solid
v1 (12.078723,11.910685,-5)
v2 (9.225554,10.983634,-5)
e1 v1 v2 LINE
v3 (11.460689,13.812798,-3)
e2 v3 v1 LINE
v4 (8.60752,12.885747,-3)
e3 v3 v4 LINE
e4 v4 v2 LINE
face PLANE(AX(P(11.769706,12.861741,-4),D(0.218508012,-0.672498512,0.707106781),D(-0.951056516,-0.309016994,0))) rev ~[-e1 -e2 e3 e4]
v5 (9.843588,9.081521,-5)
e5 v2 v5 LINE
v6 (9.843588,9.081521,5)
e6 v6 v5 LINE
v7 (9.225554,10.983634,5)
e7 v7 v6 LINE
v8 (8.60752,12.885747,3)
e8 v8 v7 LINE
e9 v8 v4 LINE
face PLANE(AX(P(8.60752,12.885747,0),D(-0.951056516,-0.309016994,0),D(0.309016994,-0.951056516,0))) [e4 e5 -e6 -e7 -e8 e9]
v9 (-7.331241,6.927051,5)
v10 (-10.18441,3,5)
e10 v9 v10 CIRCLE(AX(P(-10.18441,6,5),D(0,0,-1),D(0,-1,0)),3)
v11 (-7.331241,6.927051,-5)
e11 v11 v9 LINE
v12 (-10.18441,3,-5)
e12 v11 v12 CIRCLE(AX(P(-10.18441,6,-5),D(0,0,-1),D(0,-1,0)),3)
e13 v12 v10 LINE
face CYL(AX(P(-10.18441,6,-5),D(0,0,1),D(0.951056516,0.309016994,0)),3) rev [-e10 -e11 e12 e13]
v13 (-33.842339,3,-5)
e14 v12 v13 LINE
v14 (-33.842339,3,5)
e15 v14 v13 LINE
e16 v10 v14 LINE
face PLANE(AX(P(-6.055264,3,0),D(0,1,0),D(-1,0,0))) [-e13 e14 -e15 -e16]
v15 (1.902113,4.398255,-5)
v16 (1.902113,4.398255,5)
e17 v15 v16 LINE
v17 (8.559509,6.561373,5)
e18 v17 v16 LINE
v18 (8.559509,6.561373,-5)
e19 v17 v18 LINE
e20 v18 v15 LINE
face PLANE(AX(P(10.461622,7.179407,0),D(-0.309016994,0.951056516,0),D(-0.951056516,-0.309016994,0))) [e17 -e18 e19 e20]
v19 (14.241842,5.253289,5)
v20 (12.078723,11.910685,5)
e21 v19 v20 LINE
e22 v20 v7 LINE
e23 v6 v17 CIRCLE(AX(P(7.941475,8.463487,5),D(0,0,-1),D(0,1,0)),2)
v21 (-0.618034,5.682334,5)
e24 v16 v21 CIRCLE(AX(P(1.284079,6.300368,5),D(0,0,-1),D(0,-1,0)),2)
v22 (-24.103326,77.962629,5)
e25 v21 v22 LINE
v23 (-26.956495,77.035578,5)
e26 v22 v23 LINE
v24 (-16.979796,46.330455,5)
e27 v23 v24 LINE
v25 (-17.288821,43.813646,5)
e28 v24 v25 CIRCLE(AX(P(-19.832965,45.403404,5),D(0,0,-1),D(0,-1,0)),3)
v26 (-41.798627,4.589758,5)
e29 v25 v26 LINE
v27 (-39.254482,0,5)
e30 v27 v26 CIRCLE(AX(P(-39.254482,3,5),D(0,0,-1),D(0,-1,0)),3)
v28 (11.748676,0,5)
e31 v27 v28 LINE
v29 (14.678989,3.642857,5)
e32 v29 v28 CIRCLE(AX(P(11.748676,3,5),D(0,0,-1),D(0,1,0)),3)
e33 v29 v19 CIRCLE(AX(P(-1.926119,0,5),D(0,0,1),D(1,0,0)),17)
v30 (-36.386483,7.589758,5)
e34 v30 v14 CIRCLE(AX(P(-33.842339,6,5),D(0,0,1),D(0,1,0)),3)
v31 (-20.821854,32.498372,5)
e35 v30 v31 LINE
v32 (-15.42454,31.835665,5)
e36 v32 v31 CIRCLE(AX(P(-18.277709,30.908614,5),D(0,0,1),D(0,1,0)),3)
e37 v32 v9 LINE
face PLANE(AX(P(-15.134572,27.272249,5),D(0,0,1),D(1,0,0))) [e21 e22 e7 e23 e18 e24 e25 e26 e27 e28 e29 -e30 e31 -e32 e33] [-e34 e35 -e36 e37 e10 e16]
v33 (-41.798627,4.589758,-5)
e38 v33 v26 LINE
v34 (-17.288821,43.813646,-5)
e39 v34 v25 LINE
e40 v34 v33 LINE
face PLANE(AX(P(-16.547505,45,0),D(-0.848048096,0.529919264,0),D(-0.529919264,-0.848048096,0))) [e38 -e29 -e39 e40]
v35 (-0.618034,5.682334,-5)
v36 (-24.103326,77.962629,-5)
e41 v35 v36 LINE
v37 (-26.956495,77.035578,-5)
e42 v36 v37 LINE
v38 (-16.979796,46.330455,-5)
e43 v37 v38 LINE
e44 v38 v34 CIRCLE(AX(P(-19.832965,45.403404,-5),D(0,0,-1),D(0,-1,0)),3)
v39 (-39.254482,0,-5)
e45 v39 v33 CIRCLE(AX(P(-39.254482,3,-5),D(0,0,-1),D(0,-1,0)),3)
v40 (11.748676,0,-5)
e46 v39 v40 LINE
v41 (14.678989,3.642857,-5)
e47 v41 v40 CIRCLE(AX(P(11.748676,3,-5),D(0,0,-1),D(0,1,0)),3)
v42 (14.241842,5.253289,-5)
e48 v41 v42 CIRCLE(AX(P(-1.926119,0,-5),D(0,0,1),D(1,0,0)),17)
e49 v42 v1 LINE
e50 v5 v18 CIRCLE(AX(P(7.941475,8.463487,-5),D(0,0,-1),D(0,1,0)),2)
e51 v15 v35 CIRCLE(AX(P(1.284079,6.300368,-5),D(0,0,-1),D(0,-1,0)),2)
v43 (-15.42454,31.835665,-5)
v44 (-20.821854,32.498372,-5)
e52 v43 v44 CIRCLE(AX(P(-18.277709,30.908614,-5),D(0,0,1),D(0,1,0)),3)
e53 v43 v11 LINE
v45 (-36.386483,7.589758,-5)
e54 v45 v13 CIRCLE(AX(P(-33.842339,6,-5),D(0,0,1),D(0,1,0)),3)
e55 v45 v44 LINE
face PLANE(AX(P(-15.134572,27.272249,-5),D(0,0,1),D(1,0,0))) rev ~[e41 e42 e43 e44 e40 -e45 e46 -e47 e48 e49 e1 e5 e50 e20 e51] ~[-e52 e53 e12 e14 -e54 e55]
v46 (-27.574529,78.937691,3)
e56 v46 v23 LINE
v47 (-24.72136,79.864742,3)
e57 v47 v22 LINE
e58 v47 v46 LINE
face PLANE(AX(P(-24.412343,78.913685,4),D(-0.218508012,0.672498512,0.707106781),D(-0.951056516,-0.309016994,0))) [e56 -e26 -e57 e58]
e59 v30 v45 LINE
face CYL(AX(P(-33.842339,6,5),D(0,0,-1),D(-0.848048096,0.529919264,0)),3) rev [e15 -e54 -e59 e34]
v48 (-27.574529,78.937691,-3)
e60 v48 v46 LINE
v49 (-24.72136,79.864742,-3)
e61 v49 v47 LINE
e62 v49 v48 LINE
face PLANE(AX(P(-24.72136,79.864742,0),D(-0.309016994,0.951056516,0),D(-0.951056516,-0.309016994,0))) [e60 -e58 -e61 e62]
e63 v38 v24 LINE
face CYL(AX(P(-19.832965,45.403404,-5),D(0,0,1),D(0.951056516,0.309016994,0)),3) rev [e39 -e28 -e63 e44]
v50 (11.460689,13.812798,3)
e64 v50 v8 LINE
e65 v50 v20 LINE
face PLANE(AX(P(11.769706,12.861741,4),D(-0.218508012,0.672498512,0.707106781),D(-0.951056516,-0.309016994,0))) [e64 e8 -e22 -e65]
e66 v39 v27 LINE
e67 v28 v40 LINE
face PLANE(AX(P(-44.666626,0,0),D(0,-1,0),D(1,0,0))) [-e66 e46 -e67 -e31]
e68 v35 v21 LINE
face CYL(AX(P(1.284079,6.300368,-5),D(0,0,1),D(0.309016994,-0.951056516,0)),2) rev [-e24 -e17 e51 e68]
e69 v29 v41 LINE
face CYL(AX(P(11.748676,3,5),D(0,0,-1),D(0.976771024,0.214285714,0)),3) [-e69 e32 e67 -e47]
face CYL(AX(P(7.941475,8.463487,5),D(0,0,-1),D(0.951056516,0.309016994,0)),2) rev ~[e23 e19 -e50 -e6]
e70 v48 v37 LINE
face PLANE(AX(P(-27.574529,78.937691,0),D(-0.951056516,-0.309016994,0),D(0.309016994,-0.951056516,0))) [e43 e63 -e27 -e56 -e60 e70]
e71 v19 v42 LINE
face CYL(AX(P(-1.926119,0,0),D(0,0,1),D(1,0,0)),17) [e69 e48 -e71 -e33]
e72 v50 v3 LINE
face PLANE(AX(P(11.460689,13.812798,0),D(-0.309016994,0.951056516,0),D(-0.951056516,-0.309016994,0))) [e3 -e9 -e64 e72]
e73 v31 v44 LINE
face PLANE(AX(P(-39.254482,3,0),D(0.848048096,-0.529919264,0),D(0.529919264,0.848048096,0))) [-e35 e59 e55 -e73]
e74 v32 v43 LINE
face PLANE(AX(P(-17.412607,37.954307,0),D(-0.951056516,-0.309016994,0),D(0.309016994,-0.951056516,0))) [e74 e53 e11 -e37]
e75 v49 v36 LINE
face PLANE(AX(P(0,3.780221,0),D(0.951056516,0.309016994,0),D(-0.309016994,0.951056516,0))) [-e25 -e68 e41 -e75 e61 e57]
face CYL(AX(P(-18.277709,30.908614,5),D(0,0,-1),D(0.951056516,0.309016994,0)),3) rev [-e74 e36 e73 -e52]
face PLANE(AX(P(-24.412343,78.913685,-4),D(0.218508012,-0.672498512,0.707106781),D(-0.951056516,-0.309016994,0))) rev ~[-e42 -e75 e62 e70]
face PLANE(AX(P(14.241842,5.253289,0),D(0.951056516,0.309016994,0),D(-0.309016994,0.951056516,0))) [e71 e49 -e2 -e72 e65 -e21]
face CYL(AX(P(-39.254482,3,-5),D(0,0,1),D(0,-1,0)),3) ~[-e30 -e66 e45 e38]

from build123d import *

# Parameters (mm, degrees)
F1_DEPTH = 5
F2_SIZE  = 2
F3_R     = 3
F4_R     = 2


with BuildPart() as f1:
    # F0 (on Top) → F1 (new body, symmetric)
    with BuildSketch(Plane.XY):
        with BuildLine():
            Line((10.4616216792, 7.1794074701), (0, 3.780220532))
            Line((0, 3.780220532), (-24.72135955, 79.8647418356))
            Line((-24.72135955, 79.8647418356), (-27.5745290989, 78.9376908525))
            Line((-27.5745290989, 78.9376908525), (-16.5475048962, 45))
            Line((-16.5475048962, 45), (-44.6666257322, 0))
            Line((-44.6666257322, 0), (-1.9261185658, 0))
            Line((-1.9261185658, 0), (15.0738814342, 0))
            ThreePointArc((15.0738814342, 0), (14.8645832244, 2.6593859057), (14.2418422113, 5.2532889044))
            Line((14.2418422113, 5.2532889044), (11.4606892619, 13.812797551))
            Line((11.4606892619, 13.812797551), (8.607519713, 12.8857465679))
            Line((8.607519713, 12.8857465679), (10.4616216792, 7.1794074701))
        make_face()
        Polygon((-6.0552643272, 3), (-39.2544824663, 3), (-17.4126071962, 37.9543071739), align=None, mode=Mode.SUBTRACT)
    extrude(amount=F1_DEPTH, both=True)

    # F2
    f2_edges = [f1.edges().sort_by_distance(p)[0] for p in [
        (10.034104, 13.349272, 5),
        (10.034104, 13.349272, -5),
        (-26.147944, 79.401216, 5),
        (-26.147944, 79.401216, -5),
    ]]
    chamfer(f2_edges, length=F2_SIZE)

    # F3
    f3_edges = [f1.edges().sort_by_distance(p)[0] for p in [
        (-17.412607, 37.954307, 0),
        (-39.254482, 3, 0),
        (-6.055264, 3, 0),
        (-44.666626, 0, 0),
        (-16.547505, 45, 0),
        (15.073881, 0, 0),
    ]]
    fillet(f3_edges, radius=F3_R)

    # F4
    f4_edges = [f1.edges().sort_by_distance(p)[0] for p in [
        (0, 3.780221, 0),
        (10.461622, 7.179407, 0),
    ]]
    fillet(f4_edges, radius=F4_R)


solid = f1.part
